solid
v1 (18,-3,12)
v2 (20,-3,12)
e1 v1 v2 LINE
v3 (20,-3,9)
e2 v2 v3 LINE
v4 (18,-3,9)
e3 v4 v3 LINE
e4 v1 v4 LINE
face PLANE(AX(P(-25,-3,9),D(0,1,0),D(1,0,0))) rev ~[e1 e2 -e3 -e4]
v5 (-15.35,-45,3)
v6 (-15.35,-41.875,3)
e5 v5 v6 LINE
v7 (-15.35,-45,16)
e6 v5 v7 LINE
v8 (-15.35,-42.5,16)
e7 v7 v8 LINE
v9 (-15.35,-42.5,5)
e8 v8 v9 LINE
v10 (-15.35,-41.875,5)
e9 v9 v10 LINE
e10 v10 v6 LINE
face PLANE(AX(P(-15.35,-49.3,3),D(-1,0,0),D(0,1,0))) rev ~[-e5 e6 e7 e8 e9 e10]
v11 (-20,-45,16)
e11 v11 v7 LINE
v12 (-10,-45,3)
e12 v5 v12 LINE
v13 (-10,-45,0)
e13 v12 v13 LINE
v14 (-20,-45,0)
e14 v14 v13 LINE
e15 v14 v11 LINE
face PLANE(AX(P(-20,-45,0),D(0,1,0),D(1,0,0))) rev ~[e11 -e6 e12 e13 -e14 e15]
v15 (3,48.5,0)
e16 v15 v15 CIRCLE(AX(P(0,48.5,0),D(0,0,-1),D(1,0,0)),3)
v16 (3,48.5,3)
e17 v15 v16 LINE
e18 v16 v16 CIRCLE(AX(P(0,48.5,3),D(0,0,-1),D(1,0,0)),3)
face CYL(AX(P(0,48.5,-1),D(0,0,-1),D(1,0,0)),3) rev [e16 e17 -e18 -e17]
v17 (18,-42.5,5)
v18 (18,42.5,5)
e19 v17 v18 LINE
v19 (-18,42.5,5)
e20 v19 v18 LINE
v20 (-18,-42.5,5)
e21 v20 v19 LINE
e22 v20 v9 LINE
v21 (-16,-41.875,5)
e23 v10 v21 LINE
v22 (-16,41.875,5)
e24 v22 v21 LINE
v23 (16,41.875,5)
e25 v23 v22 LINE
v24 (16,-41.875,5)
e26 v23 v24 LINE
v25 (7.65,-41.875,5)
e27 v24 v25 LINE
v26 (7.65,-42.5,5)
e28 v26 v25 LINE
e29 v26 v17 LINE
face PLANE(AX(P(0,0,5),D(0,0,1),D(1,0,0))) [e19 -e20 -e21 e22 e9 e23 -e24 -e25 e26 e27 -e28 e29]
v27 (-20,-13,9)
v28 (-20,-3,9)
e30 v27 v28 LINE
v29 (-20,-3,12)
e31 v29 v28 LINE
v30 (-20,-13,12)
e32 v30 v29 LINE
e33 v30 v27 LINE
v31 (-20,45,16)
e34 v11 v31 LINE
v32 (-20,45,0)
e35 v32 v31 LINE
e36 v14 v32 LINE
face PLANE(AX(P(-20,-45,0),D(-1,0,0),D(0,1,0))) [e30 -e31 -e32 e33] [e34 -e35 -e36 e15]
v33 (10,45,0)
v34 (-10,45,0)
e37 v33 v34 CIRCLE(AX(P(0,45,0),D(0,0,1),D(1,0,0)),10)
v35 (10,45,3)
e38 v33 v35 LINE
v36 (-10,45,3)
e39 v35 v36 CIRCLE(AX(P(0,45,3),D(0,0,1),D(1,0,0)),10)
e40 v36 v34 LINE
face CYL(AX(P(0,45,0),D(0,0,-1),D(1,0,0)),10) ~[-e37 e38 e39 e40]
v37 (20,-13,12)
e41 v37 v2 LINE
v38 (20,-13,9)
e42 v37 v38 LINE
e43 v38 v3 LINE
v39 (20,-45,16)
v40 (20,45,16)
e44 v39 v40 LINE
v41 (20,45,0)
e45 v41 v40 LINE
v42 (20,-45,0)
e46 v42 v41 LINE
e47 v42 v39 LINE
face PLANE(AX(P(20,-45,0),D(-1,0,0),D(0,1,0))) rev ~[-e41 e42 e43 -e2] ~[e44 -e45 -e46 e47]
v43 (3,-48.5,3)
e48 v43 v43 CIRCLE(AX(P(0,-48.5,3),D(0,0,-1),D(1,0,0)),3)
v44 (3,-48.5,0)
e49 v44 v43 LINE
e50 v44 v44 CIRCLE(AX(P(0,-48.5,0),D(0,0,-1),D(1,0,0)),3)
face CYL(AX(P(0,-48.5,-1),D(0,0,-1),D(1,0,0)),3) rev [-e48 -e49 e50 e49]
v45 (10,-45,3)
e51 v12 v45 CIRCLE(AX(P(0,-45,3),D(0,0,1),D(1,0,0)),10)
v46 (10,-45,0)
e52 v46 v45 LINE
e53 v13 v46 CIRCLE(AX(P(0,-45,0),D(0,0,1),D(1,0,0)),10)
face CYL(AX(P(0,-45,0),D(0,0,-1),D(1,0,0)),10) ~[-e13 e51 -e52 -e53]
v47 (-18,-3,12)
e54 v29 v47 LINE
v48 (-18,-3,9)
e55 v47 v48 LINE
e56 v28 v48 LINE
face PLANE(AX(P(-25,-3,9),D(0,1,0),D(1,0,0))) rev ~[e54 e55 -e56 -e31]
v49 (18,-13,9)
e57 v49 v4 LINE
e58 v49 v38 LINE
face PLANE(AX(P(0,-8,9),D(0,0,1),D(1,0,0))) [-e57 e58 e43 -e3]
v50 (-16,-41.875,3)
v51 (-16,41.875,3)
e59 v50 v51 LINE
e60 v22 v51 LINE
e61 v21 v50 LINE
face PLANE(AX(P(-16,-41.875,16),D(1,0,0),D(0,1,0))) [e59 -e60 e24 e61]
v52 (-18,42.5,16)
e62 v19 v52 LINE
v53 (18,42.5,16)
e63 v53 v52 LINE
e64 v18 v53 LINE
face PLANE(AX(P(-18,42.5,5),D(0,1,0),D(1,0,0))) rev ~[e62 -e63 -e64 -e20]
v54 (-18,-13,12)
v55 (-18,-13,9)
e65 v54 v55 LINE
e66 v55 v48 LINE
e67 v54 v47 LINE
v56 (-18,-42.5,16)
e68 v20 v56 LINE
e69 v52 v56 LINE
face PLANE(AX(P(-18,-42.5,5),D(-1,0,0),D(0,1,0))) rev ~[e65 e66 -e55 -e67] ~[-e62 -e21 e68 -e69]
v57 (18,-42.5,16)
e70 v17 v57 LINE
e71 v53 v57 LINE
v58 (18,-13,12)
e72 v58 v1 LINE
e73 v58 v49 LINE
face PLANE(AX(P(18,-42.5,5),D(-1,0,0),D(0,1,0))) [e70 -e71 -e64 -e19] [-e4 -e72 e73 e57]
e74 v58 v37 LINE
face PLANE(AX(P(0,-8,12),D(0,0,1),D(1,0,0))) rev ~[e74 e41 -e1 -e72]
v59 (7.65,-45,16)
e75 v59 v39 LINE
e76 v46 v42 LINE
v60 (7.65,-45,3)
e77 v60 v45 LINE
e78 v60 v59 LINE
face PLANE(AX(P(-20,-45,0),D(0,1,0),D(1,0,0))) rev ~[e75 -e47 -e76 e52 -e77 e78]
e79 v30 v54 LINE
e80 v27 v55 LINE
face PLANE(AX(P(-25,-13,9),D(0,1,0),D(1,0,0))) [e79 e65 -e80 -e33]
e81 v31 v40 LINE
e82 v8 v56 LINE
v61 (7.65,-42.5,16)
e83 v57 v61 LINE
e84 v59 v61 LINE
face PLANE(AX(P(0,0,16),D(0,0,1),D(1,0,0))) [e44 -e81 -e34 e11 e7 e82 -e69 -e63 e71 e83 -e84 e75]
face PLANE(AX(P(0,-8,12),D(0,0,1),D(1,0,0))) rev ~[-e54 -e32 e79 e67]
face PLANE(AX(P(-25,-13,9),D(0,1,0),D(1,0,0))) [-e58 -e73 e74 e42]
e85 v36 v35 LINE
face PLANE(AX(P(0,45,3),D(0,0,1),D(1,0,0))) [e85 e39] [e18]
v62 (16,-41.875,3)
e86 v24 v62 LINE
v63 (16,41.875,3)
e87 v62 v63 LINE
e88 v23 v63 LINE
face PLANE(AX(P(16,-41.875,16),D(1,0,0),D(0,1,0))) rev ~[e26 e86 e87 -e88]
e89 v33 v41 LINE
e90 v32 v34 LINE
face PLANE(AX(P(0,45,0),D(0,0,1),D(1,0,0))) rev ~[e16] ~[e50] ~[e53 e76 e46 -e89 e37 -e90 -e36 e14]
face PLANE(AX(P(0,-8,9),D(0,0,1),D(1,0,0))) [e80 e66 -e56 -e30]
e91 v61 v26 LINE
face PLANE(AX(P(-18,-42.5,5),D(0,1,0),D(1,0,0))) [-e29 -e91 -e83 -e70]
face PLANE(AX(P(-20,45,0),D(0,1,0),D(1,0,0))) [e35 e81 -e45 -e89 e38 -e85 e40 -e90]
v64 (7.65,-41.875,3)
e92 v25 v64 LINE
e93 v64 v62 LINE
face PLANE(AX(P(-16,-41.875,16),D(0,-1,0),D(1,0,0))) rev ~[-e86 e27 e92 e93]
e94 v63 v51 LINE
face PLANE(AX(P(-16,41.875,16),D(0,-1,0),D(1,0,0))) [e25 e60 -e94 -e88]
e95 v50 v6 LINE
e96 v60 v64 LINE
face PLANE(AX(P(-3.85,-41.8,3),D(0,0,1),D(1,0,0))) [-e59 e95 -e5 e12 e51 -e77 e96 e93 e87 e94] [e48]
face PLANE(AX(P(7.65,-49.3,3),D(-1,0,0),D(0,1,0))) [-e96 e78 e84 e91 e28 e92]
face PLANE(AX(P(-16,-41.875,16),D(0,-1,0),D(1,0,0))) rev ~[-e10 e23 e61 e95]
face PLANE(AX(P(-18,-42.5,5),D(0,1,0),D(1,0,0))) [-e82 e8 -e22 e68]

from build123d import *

# Parameters (mm, degrees)
BOX002_W          = 50
BOX002_H          = 10
BOX002_DEPTH      = 3
CYLINDER001_R     = 3
CYLINDER001_DEPTH = 5
CYLINDER_R        = 10
CYLINDER_DEPTH    = 3
CYLINDER003_R     = 3
CYLINDER003_DEPTH = 5
CYLINDER002_R     = 10
CYLINDER002_DEPTH = 3
BOX001_W          = 36
BOX001_H          = 85
BOX001_DEPTH      = 15
BOX_W             = 23
BOX_H             = 15
BOX_DEPTH         = 13
SKETCH_W          = 40
SKETCH_H          = 90
PAD_DEPTH         = 16
SKETCH001_W       = 32
SKETCH001_H       = 83.75
POCKET_DEPTH      = 13


with BuildPart() as cube002:
    # Box002 → Box002 (new body)
    with BuildSketch(Plane(origin=(-25, -13, 9), x_dir=(1, 0, 0), z_dir=(0, 0, 1))):
        with Locations((25, 5)):
            Rectangle(BOX002_W, BOX002_H)
    extrude(amount=BOX002_DEPTH)


with BuildPart() as cylinder001:
    # Cylinder001 → Cylinder001 (new body)
    with BuildSketch(Plane(origin=(0, -48.5, -1), x_dir=(1, 0, 0), z_dir=(0, 0, 1))):
        Circle(CYLINDER001_R)
    extrude(amount=CYLINDER001_DEPTH)


with BuildPart() as also_ful:
    # Cylinder → Cylinder (new body)
    with BuildSketch(Plane(origin=(0, -45, 0), x_dir=(1, 0, 0), z_dir=(0, 0, 1))):
        Circle(CYLINDER_R)
    extrude(amount=CYLINDER_DEPTH)

    # Cut002: cut Cylinder001
    add(cylinder001.part, mode=Mode.SUBTRACT)


with BuildPart() as cylinder003:
    # Cylinder003 → Cylinder003 (new body)
    with BuildSketch(Plane(origin=(0, 48.5, -1), x_dir=(1, 0, 0), z_dir=(0, 0, 1))):
        Circle(CYLINDER003_R)
    extrude(amount=CYLINDER003_DEPTH)


with BuildPart() as felso_ful:
    # Cylinder002 → Cylinder002 (new body)
    with BuildSketch(Plane(origin=(0, 45, 0), x_dir=(1, 0, 0), z_dir=(0, 0, 1))):
        Circle(CYLINDER002_R)
    extrude(amount=CYLINDER002_DEPTH)

    # Cut003: cut Cylinder003
    add(cylinder003.part, mode=Mode.SUBTRACT)


with BuildPart() as cube001:
    # Box001 → Box001 (new body)
    with BuildSketch(Plane(origin=(-18, -42.5, 5), x_dir=(1, 0, 0), z_dir=(0, 0, 1))):
        with Locations((18, 42.5)):
            Rectangle(BOX001_W, BOX001_H)
    extrude(amount=BOX001_DEPTH)


with BuildPart() as cube:
    # Box → Box (new body)
    with BuildSketch(Plane(origin=(-15.35, -49.3, 3), x_dir=(1, 0, 0), z_dir=(0, 0, 1))):
        with Locations((11.5, 7.5)):
            Rectangle(BOX_W, BOX_H)
    extrude(amount=BOX_DEPTH)


with BuildPart() as also:
    # Sketch → Pad (new body)
    with BuildSketch(Plane.XY):
        Rectangle(SKETCH_W, SKETCH_H)
    extrude(amount=PAD_DEPTH)

    # Sketch001 (on Face6 of Pad) → Pocket (cut)
    with BuildSketch(Plane.XY.offset(16)):
        Rectangle(SKETCH001_W, SKETCH001_H)
    extrude(amount=-POCKET_DEPTH, mode=Mode.SUBTRACT)

    # Cut: cut Cube
    add(cube.part, mode=Mode.SUBTRACT)

    # Cut001: cut Cube001
    add(cube001.part, mode=Mode.SUBTRACT)

    # Fusion: union also ful, felso ful
    add(also_ful.part)
    add(felso_ful.part)

    # Cut004: cut Cube002
    add(cube002.part, mode=Mode.SUBTRACT)


solid = also.part
